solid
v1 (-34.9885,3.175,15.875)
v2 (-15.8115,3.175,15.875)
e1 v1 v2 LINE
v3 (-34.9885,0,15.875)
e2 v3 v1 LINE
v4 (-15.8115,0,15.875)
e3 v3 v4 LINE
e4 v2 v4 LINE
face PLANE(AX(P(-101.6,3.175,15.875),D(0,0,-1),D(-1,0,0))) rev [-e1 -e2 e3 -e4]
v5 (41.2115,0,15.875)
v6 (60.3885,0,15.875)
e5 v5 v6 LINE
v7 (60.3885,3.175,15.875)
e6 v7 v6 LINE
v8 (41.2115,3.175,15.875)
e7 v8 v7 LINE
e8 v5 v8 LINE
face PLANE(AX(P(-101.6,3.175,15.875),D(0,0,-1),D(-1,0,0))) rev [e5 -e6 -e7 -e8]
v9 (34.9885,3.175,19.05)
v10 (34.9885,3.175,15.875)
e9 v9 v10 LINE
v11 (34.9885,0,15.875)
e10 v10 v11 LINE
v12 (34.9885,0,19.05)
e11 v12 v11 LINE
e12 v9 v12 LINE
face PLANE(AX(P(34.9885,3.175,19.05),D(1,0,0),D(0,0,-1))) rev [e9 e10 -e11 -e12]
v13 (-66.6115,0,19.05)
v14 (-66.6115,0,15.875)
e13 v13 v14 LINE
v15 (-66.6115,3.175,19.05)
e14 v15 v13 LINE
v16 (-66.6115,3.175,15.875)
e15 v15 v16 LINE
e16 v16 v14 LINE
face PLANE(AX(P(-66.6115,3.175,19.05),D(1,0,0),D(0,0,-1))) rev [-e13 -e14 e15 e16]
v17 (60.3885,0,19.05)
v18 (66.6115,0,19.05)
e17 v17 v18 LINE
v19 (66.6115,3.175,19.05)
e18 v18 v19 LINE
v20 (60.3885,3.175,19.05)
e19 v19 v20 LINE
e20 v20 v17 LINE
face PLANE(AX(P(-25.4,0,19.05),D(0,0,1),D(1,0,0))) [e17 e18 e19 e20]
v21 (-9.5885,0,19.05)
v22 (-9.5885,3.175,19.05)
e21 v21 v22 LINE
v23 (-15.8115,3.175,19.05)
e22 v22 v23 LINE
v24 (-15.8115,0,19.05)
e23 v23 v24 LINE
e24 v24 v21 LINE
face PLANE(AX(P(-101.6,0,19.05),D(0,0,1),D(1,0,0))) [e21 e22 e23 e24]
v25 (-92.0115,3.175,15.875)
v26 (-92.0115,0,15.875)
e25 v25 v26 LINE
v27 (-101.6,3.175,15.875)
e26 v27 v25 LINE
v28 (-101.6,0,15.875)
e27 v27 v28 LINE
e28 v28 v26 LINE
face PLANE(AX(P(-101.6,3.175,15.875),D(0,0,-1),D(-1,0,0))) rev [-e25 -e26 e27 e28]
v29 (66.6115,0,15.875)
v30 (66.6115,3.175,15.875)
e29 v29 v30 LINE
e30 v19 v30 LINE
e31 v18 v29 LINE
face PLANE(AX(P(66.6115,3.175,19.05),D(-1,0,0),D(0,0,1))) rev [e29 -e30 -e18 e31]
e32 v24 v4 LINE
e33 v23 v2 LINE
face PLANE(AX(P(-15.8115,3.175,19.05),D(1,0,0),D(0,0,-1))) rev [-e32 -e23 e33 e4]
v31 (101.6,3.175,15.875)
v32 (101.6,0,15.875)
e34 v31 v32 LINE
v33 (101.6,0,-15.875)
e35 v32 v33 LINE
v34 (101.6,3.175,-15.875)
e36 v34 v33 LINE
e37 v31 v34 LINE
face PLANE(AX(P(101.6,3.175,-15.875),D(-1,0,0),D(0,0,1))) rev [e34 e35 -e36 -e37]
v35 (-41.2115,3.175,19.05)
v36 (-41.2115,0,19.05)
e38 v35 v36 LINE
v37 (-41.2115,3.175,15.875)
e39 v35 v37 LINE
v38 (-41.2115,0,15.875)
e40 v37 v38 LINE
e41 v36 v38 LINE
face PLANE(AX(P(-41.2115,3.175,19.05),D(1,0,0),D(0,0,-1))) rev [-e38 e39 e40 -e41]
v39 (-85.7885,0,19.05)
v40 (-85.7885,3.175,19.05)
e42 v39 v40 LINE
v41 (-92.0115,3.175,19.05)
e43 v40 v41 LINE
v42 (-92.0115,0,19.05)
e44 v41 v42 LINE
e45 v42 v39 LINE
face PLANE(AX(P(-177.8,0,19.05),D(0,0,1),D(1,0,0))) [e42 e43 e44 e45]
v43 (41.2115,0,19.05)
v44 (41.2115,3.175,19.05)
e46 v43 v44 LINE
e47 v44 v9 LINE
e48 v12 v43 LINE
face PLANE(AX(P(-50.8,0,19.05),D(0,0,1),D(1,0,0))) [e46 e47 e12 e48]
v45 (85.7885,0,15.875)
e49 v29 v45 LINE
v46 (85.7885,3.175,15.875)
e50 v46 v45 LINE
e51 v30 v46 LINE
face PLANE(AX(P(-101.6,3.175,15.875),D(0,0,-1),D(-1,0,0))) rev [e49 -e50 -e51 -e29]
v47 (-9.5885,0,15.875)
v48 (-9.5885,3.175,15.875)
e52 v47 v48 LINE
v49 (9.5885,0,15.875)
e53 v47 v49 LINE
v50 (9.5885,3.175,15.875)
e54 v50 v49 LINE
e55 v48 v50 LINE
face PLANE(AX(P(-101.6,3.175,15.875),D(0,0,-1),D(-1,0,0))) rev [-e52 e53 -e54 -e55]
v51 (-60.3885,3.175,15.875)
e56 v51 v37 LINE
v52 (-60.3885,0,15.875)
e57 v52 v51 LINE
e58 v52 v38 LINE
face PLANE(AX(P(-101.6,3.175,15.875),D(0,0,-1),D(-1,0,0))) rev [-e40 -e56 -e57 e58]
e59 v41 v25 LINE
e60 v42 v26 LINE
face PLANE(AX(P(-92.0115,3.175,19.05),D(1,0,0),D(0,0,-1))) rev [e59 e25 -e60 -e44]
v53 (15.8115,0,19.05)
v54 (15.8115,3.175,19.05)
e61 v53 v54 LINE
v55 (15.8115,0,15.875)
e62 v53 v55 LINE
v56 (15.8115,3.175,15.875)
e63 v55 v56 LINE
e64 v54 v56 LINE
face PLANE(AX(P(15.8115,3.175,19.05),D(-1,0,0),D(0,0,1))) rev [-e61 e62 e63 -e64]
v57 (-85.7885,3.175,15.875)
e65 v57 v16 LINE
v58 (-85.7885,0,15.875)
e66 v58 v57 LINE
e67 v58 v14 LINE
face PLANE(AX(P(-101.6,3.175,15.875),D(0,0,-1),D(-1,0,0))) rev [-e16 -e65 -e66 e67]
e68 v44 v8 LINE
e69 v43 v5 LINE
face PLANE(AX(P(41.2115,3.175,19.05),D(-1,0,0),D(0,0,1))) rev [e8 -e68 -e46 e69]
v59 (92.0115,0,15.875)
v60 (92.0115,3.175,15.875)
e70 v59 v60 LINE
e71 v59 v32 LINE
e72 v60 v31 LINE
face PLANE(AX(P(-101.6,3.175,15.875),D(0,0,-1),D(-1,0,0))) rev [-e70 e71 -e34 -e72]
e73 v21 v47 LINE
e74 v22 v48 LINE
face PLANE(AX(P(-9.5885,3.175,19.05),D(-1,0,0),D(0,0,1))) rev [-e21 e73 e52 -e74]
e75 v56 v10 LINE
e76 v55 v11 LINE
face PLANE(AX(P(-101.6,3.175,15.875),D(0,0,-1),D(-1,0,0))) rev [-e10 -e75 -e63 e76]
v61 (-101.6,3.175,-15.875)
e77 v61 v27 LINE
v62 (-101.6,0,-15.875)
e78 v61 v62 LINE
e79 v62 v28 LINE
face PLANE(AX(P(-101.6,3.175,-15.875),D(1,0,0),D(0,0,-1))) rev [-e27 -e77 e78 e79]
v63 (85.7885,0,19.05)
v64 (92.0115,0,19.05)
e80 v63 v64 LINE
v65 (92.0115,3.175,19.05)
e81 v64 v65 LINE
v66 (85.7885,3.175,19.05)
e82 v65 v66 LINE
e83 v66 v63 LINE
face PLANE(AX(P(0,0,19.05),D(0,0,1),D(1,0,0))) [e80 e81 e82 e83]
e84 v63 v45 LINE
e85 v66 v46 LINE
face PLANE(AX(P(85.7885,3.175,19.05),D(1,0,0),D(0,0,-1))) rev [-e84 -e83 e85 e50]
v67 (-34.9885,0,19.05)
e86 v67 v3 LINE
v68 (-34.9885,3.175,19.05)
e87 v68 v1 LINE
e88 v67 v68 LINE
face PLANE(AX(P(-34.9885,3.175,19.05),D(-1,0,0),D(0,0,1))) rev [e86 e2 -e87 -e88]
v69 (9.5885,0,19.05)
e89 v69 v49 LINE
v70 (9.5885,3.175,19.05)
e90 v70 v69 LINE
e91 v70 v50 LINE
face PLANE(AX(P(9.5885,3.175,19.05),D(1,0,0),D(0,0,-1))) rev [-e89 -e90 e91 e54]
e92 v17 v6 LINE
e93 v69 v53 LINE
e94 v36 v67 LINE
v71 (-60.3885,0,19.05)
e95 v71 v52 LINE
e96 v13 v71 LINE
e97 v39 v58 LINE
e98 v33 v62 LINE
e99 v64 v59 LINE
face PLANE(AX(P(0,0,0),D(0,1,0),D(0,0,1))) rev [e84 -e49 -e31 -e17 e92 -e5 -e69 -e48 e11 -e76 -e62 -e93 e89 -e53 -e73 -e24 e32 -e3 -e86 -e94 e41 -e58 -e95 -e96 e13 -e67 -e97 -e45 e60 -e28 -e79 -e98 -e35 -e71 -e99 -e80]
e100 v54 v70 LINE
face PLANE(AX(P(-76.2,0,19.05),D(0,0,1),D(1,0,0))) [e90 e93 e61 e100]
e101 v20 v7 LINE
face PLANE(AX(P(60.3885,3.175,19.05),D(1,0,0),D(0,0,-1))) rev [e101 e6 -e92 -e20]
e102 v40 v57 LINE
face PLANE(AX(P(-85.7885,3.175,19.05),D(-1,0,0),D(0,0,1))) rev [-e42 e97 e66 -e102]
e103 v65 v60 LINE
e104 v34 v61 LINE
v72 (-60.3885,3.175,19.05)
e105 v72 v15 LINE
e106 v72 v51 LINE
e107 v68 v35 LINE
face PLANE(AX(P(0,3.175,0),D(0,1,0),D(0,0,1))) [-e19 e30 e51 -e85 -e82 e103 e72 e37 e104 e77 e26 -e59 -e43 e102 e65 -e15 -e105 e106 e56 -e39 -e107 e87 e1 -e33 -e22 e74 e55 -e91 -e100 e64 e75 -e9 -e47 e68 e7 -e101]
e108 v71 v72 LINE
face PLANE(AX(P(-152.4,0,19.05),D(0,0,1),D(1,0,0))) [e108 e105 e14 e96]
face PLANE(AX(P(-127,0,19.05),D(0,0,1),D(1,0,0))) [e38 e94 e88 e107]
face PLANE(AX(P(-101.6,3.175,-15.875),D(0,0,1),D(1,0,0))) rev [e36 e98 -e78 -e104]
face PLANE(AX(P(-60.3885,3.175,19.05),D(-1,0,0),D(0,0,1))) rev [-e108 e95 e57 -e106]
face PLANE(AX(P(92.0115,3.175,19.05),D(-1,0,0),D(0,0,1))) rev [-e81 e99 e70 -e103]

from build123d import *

# Parameters (mm, degrees)
SKETCH1_W           = 203.2
SKETCH1_H           = 31.75
BOSS_EXTRUDE1_DEPTH = 3.175
SKETCH2_W           = 6.223
SKETCH2_H           = 3.175
BOSS_EXTRUDE2_DEPTH = 3.175
LPATTERN1_COUNT     = 8
LPATTERN1_PITCH     = 25.4


with BuildPart() as part:
    # Sketch1 → Boss-Extrude1 (new body)
    with BuildSketch(Plane(origin=(0, 0, 0), x_dir=(1, 0, 0), z_dir=(0, 1, 0))):
        Rectangle(SKETCH1_W, SKETCH1_H)
    extrude(amount=BOSS_EXTRUDE1_DEPTH)

    # Sketch2 → Boss-Extrude2 (add)
    with BuildSketch(Plane.XY.offset(15.875)):
        with Locations((88.9, 1.5875)):
            Rectangle(SKETCH2_W, SKETCH2_H)
    boss_extrude2 = extrude(amount=BOSS_EXTRUDE2_DEPTH)

    # LPattern1: Boss-Extrude2 ×8
    with Locations(*[(-i * LPATTERN1_PITCH, 0, 0) for i in range(1, LPATTERN1_COUNT)]):
        add(boss_extrude2)


solid = part.part
